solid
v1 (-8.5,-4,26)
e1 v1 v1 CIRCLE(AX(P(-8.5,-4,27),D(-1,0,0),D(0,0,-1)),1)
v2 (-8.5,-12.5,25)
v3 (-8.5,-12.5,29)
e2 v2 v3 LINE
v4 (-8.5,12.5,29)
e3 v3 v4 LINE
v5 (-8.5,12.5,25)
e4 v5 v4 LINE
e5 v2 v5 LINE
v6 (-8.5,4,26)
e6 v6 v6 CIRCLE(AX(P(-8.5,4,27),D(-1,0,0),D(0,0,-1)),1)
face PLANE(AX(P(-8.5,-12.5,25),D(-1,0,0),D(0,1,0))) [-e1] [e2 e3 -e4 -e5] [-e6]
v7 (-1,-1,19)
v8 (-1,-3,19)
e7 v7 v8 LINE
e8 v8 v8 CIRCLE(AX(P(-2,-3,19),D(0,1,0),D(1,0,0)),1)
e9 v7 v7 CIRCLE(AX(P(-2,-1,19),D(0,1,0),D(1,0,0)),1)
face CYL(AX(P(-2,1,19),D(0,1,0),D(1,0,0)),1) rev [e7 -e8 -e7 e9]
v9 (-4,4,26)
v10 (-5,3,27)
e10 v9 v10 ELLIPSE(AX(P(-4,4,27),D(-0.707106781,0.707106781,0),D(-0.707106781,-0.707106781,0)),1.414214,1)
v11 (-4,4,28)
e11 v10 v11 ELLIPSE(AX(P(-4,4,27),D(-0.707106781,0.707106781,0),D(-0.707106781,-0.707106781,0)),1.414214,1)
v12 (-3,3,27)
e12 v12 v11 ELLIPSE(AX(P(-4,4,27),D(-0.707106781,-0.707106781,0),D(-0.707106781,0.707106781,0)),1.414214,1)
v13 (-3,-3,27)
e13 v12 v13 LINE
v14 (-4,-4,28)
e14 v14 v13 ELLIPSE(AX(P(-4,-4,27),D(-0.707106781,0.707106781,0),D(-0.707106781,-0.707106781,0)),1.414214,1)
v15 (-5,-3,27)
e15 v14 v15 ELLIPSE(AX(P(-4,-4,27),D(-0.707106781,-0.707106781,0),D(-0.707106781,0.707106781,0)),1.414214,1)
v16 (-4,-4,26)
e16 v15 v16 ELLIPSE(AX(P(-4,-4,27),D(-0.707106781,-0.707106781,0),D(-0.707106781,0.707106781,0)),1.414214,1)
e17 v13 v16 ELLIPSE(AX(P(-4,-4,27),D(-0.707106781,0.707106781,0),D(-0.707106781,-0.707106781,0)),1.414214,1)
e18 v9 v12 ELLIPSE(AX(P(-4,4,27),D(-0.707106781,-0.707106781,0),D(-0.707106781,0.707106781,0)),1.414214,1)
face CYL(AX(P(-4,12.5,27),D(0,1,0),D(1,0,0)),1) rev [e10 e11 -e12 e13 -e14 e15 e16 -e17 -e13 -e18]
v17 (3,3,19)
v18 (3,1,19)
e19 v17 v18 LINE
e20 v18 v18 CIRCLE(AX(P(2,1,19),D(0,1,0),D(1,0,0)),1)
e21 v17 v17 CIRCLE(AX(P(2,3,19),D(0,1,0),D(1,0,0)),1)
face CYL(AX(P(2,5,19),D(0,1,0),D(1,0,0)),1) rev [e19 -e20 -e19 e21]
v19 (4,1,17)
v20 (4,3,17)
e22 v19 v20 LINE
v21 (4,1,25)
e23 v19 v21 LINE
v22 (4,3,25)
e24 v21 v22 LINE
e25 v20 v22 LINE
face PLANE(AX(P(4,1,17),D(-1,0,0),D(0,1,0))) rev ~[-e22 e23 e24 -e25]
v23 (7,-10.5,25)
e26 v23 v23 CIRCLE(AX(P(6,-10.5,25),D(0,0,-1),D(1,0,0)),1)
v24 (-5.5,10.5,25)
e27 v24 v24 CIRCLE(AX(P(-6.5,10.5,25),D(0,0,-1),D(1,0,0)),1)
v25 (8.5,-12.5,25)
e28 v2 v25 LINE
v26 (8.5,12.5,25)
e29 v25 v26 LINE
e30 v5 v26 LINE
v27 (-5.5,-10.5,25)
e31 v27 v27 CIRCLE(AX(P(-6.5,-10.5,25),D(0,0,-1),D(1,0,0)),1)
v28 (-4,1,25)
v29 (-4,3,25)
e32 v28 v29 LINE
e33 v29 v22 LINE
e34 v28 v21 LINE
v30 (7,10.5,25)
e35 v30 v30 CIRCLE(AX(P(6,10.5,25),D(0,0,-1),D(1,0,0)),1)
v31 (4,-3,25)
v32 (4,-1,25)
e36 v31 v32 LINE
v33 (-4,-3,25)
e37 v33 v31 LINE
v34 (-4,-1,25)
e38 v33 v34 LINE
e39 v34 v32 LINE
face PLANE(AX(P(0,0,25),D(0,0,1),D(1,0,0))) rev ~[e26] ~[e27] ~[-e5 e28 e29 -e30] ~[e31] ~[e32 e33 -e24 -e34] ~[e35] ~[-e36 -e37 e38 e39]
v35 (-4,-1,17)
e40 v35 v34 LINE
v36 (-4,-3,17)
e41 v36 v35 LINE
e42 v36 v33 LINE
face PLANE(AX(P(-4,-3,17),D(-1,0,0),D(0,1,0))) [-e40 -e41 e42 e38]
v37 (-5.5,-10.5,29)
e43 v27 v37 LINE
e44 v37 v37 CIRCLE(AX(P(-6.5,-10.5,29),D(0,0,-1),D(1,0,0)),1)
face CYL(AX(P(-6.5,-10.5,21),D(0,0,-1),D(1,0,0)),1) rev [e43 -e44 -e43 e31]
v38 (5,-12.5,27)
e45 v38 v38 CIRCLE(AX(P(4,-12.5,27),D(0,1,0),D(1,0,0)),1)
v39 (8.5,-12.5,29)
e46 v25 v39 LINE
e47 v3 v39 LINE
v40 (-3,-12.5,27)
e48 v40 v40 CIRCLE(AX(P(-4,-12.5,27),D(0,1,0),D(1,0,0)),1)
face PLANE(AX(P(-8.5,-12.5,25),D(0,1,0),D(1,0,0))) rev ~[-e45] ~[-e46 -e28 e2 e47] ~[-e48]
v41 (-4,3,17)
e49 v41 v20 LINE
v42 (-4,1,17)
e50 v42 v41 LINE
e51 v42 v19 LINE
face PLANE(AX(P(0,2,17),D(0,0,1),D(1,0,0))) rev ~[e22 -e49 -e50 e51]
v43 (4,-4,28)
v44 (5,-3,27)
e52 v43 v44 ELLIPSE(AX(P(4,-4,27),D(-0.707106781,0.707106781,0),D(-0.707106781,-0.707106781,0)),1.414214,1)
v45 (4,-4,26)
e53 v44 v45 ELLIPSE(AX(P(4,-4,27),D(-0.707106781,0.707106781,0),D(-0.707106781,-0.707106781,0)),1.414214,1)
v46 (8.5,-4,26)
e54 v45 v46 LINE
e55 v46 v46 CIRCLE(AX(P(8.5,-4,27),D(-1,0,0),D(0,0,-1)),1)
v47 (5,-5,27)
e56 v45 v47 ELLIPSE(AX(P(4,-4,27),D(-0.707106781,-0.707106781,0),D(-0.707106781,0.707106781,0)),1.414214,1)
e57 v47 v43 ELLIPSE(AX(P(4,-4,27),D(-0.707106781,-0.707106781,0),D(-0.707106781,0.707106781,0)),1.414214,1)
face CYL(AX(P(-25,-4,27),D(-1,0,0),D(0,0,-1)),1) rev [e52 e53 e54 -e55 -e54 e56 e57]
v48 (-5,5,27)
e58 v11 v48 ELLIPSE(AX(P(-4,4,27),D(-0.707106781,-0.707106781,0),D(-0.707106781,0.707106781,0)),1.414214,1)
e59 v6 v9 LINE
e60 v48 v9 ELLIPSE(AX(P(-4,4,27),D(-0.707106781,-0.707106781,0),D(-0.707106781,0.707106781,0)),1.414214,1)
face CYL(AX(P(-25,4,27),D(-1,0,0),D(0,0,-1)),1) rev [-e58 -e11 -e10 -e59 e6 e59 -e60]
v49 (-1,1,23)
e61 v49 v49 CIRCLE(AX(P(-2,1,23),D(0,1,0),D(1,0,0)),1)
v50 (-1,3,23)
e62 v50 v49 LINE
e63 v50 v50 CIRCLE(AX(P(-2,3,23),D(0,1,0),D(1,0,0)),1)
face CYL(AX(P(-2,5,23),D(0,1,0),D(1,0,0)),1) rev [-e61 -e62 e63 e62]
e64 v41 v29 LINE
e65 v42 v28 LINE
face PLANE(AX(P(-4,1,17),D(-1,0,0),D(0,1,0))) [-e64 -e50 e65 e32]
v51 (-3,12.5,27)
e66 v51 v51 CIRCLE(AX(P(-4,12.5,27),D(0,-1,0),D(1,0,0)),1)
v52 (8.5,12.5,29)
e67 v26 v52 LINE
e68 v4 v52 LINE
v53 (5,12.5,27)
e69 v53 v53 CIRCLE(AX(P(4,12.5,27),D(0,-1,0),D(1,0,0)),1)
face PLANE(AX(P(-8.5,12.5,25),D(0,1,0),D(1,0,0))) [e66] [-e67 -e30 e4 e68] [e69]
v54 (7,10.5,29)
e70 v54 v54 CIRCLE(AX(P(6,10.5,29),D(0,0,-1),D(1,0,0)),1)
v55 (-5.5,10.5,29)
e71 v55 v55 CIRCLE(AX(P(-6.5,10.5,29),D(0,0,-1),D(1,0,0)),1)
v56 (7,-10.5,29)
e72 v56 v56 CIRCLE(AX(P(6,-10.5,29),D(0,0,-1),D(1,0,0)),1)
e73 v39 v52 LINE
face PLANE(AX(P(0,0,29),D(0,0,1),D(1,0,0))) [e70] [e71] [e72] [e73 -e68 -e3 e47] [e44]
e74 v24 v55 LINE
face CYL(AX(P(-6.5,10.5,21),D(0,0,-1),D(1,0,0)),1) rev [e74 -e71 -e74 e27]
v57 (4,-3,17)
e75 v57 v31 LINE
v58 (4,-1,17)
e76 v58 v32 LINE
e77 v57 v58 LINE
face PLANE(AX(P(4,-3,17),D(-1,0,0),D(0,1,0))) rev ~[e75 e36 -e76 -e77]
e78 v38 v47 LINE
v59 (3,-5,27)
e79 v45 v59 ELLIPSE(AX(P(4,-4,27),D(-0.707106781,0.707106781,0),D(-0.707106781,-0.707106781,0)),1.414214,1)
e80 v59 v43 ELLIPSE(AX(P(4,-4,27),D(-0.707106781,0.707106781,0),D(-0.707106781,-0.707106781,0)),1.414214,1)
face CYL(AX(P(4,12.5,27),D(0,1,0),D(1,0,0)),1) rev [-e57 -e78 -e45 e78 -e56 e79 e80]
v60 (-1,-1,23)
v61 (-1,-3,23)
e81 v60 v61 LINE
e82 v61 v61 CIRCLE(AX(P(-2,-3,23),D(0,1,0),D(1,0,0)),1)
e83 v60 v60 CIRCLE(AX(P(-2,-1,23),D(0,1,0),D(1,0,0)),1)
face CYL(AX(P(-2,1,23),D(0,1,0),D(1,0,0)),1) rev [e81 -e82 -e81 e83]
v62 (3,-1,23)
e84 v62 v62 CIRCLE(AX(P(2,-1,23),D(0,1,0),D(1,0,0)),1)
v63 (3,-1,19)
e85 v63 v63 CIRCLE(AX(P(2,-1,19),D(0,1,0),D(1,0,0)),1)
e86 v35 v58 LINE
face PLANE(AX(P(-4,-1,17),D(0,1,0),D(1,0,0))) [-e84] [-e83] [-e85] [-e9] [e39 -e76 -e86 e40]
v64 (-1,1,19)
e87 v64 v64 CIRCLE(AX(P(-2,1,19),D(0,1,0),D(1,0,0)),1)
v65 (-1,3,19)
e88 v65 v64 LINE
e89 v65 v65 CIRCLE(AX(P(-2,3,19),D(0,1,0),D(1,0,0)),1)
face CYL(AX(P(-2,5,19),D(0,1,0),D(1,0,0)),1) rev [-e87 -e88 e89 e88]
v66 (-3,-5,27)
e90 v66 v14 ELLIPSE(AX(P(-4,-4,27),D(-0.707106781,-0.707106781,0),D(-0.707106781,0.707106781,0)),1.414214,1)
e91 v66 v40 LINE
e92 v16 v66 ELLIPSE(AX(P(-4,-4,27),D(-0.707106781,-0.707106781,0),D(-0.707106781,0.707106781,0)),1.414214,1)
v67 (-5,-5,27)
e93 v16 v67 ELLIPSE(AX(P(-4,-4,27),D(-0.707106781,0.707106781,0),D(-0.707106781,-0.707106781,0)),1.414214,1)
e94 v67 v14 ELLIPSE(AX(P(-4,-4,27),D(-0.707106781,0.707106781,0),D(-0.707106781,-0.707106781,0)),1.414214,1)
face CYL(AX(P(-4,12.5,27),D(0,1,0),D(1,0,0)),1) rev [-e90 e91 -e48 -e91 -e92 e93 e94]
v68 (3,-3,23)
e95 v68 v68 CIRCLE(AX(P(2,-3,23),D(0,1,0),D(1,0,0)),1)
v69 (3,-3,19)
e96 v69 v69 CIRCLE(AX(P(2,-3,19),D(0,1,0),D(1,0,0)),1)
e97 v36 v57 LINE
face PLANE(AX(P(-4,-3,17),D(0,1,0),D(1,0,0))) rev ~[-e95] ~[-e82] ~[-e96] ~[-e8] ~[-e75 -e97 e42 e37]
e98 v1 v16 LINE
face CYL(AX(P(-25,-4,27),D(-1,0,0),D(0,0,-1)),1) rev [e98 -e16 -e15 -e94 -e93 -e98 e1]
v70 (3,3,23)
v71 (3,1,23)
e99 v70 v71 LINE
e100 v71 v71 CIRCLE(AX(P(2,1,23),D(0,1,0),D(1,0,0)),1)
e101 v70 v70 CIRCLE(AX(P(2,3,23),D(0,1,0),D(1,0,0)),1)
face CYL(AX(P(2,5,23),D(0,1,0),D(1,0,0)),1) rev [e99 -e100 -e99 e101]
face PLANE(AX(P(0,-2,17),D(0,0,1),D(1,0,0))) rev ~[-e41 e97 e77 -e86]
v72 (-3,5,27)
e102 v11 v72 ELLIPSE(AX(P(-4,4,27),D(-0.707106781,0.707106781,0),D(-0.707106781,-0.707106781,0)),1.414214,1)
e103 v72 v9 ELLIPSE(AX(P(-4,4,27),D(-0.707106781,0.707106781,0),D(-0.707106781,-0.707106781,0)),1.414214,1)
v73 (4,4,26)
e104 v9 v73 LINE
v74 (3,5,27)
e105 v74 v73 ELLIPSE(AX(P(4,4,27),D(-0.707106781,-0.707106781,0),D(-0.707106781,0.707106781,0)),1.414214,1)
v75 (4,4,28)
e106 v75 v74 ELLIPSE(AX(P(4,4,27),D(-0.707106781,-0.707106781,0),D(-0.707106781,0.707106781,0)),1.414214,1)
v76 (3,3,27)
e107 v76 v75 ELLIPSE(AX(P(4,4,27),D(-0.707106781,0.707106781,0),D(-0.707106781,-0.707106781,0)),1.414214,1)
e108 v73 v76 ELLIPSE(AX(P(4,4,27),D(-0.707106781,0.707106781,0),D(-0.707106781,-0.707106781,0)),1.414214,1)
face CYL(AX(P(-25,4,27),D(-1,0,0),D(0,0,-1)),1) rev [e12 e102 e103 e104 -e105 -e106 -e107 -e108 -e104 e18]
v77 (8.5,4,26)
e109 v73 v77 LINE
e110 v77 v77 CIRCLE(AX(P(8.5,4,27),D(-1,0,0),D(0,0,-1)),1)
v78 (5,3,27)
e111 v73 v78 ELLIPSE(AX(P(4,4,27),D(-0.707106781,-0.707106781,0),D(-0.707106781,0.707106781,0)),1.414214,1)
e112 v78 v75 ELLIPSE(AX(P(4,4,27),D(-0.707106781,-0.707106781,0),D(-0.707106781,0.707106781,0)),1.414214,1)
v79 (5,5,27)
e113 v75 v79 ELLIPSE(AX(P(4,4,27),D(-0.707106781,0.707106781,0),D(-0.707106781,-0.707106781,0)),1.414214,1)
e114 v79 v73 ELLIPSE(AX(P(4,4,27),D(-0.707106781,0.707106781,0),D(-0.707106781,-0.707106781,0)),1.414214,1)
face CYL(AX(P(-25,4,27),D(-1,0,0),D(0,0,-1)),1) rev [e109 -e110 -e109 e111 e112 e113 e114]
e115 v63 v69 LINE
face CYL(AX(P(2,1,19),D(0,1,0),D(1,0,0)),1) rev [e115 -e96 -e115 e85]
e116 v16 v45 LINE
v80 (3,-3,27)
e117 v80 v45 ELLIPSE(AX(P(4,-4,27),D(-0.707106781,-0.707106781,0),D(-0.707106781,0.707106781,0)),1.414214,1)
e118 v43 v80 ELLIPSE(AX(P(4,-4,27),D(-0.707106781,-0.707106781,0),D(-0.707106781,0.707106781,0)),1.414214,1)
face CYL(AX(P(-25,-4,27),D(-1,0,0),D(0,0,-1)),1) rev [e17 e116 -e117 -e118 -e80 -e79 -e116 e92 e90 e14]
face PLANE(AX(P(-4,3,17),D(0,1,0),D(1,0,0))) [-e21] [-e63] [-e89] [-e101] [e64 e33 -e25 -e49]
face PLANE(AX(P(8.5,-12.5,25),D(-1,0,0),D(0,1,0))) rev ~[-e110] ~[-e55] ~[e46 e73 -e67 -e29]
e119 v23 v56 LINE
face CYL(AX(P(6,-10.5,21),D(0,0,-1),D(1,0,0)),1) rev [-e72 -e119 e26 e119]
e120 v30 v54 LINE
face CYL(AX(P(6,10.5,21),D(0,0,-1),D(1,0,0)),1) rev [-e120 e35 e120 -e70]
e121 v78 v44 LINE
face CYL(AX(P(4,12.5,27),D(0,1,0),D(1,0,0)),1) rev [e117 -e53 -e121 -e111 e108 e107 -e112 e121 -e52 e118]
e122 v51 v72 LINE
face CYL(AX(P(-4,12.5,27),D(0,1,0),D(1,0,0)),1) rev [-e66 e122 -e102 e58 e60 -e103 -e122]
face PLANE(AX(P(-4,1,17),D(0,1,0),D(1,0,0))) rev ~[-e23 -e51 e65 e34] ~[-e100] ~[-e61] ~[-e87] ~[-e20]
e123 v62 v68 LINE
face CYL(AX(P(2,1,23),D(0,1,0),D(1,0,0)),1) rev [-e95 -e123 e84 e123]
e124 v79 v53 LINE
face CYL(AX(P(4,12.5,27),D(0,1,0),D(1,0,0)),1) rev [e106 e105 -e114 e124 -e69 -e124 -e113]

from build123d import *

# Parameters (mm, degrees)
CYLINDER021_R     = 1
CYLINDER021_DEPTH = 50
ARRAY024_X_COUNT  = 2
ARRAY024_X_PITCH  = 8
CYLINDER022_R     = 1
CYLINDER022_DEPTH = 50
ARRAY025_Y_COUNT  = 2
ARRAY025_Y_PITCH  = 8
CYLINDER020_R     = 1
CYLINDER020_DEPTH = 10
ARRAY023_X_COUNT  = 2
ARRAY023_X_PITCH  = 12.5
ARRAY023_Y_COUNT  = 2
ARRAY023_Y_PITCH  = 21
CYLINDER019_R     = 1
CYLINDER019_DEPTH = 10
ARRAY022_X_COUNT  = 2
ARRAY022_X_PITCH  = 4
ARRAY022_Z_COUNT  = 2
ARRAY022_Z_PITCH  = 4
BOX016_W          = 8
BOX016_H          = 2
BOX016_DEPTH      = 8
ARRAY021_Y_COUNT  = 2
ARRAY021_Y_PITCH  = 4
BOX015_W          = 17
BOX015_H          = 25
BOX015_DEPTH      = 4


with BuildPart() as cameramountexpansionscrewshorizontal:
    # Cylinder021 → Cylinder021 (new body)
    with BuildSketch(Plane(origin=(-4, 12.5, 27), x_dir=(1, 0, 0), z_dir=(0, -1, 0))):
        Circle(CYLINDER021_R)
    extrude(amount=CYLINDER021_DEPTH)

    # Array024 X: CameraMountExpansionScrewsHorizontal ×2


with BuildPart() as cameramountexpansionscrewshorizontal_1:
    add(cameramountexpansionscrewshorizontal.part)
    with Locations(*[(i * ARRAY024_X_PITCH, 0, 0) for i in range(1, ARRAY024_X_COUNT)]):
        add(cameramountexpansionscrewshorizontal.part)


with BuildPart() as cameraexpansionscrews:
    # Cylinder022 → Cylinder022 (new body)
    with BuildSketch(Plane(origin=(-25, -4, 27), x_dir=(0, 0, -1), z_dir=(1, 0, 0))):
        Circle(CYLINDER022_R)
    extrude(amount=CYLINDER022_DEPTH)

    # Array025 Y: CameraExpansionScrews ×2


with BuildPart() as cameraexpansionscrews_1:
    add(cameraexpansionscrews.part)
    with Locations(*[(0, i * ARRAY025_Y_PITCH, 0) for i in range(1, ARRAY025_Y_COUNT)]):
        add(cameraexpansionscrews.part)

    # Fusion010: union CameraMountExpansionScrewsHorizontal
    add(cameramountexpansionscrewshorizontal_1.part)


with BuildPart() as camerascrews:
    # Cylinder020 → Cylinder020 (new body)
    with BuildSketch(Plane(origin=(-6.5, -10.5, 21), x_dir=(1, 0, 0), z_dir=(0, 0, 1))):
        Circle(CYLINDER020_R)
    extrude(amount=CYLINDER020_DEPTH)

    # Array023 X: CameraScrews ×2


with BuildPart() as camerascrews_1:
    add(camerascrews.part)
    with Locations(*[(i * ARRAY023_X_PITCH, 0, 0) for i in range(1, ARRAY023_X_COUNT)]):
        add(camerascrews.part)

    # Array023 Y: CameraScrews ×2


with BuildPart() as camerascrews_2:
    add(camerascrews_1.part)
    with Locations(*[(0, i * ARRAY023_Y_PITCH, 0) for i in range(1, ARRAY023_Y_COUNT)]):
        add(camerascrews_1.part)


with BuildPart() as cameramountplaneconnectorscrews:
    # Cylinder019 → Cylinder019 (new body)
    with BuildSketch(Plane(origin=(2, 5, 19), x_dir=(1, 0, 0), z_dir=(0, -1, 0))):
        Circle(CYLINDER019_R)
    extrude(amount=CYLINDER019_DEPTH)

    # Array022 X: CameraMountPlaneConnectorScrews ×2


with BuildPart() as cameramountplaneconnectorscrews_1:
    add(cameramountplaneconnectorscrews.part)
    with Locations(*[(-i * ARRAY022_X_PITCH, 0, 0) for i in range(1, ARRAY022_X_COUNT)]):
        add(cameramountplaneconnectorscrews.part)

    # Array022 Z: CameraMountPlaneConnectorScrews ×2


with BuildPart() as cameramountplaneconnectorscrews_2:
    add(cameramountplaneconnectorscrews_1.part)
    with Locations(*[(0, 0, i * ARRAY022_Z_PITCH) for i in range(1, ARRAY022_Z_COUNT)]):
        add(cameramountplaneconnectorscrews_1.part)


with BuildPart() as cameramountplaneconnector:
    # Box016 → Box016 (new body)
    with BuildSketch(Plane(origin=(-4, 1, 17), x_dir=(1, 0, 0), z_dir=(0, 0, 1))):
        with Locations((4, 1)):
            Rectangle(BOX016_W, BOX016_H)
    extrude(amount=BOX016_DEPTH)

    # Cut042: cut CameraMountPlaneConnectorScrews
    add(cameramountplaneconnectorscrews_2.part, mode=Mode.SUBTRACT)

    # Array021 Y: CameraMountPlaneConnector ×2


with BuildPart() as cameramountplaneconnector_1:
    add(cameramountplaneconnector.part)
    with Locations(*[(0, -i * ARRAY021_Y_PITCH, 0) for i in range(1, ARRAY021_Y_COUNT)]):
        add(cameramountplaneconnector.part)


with BuildPart() as cameramountplane3:
    # Box015 → Box015 (new body)
    with BuildSketch(Plane(origin=(-8.5, -12.5, 25), x_dir=(1, 0, 0), z_dir=(0, 0, 1))):
        with Locations((8.5, 12.5)):
            Rectangle(BOX015_W, BOX015_H)
    extrude(amount=BOX015_DEPTH)

    # Fusion009: union CameraMountPlaneConnector
    add(cameramountplaneconnector_1.part)

    # Cut043: cut CameraScrews
    add(camerascrews_2.part, mode=Mode.SUBTRACT)

    # Cut044: cut CameraExpansionScrews
    add(cameraexpansionscrews_1.part, mode=Mode.SUBTRACT)


solid = cameramountplane3.part
